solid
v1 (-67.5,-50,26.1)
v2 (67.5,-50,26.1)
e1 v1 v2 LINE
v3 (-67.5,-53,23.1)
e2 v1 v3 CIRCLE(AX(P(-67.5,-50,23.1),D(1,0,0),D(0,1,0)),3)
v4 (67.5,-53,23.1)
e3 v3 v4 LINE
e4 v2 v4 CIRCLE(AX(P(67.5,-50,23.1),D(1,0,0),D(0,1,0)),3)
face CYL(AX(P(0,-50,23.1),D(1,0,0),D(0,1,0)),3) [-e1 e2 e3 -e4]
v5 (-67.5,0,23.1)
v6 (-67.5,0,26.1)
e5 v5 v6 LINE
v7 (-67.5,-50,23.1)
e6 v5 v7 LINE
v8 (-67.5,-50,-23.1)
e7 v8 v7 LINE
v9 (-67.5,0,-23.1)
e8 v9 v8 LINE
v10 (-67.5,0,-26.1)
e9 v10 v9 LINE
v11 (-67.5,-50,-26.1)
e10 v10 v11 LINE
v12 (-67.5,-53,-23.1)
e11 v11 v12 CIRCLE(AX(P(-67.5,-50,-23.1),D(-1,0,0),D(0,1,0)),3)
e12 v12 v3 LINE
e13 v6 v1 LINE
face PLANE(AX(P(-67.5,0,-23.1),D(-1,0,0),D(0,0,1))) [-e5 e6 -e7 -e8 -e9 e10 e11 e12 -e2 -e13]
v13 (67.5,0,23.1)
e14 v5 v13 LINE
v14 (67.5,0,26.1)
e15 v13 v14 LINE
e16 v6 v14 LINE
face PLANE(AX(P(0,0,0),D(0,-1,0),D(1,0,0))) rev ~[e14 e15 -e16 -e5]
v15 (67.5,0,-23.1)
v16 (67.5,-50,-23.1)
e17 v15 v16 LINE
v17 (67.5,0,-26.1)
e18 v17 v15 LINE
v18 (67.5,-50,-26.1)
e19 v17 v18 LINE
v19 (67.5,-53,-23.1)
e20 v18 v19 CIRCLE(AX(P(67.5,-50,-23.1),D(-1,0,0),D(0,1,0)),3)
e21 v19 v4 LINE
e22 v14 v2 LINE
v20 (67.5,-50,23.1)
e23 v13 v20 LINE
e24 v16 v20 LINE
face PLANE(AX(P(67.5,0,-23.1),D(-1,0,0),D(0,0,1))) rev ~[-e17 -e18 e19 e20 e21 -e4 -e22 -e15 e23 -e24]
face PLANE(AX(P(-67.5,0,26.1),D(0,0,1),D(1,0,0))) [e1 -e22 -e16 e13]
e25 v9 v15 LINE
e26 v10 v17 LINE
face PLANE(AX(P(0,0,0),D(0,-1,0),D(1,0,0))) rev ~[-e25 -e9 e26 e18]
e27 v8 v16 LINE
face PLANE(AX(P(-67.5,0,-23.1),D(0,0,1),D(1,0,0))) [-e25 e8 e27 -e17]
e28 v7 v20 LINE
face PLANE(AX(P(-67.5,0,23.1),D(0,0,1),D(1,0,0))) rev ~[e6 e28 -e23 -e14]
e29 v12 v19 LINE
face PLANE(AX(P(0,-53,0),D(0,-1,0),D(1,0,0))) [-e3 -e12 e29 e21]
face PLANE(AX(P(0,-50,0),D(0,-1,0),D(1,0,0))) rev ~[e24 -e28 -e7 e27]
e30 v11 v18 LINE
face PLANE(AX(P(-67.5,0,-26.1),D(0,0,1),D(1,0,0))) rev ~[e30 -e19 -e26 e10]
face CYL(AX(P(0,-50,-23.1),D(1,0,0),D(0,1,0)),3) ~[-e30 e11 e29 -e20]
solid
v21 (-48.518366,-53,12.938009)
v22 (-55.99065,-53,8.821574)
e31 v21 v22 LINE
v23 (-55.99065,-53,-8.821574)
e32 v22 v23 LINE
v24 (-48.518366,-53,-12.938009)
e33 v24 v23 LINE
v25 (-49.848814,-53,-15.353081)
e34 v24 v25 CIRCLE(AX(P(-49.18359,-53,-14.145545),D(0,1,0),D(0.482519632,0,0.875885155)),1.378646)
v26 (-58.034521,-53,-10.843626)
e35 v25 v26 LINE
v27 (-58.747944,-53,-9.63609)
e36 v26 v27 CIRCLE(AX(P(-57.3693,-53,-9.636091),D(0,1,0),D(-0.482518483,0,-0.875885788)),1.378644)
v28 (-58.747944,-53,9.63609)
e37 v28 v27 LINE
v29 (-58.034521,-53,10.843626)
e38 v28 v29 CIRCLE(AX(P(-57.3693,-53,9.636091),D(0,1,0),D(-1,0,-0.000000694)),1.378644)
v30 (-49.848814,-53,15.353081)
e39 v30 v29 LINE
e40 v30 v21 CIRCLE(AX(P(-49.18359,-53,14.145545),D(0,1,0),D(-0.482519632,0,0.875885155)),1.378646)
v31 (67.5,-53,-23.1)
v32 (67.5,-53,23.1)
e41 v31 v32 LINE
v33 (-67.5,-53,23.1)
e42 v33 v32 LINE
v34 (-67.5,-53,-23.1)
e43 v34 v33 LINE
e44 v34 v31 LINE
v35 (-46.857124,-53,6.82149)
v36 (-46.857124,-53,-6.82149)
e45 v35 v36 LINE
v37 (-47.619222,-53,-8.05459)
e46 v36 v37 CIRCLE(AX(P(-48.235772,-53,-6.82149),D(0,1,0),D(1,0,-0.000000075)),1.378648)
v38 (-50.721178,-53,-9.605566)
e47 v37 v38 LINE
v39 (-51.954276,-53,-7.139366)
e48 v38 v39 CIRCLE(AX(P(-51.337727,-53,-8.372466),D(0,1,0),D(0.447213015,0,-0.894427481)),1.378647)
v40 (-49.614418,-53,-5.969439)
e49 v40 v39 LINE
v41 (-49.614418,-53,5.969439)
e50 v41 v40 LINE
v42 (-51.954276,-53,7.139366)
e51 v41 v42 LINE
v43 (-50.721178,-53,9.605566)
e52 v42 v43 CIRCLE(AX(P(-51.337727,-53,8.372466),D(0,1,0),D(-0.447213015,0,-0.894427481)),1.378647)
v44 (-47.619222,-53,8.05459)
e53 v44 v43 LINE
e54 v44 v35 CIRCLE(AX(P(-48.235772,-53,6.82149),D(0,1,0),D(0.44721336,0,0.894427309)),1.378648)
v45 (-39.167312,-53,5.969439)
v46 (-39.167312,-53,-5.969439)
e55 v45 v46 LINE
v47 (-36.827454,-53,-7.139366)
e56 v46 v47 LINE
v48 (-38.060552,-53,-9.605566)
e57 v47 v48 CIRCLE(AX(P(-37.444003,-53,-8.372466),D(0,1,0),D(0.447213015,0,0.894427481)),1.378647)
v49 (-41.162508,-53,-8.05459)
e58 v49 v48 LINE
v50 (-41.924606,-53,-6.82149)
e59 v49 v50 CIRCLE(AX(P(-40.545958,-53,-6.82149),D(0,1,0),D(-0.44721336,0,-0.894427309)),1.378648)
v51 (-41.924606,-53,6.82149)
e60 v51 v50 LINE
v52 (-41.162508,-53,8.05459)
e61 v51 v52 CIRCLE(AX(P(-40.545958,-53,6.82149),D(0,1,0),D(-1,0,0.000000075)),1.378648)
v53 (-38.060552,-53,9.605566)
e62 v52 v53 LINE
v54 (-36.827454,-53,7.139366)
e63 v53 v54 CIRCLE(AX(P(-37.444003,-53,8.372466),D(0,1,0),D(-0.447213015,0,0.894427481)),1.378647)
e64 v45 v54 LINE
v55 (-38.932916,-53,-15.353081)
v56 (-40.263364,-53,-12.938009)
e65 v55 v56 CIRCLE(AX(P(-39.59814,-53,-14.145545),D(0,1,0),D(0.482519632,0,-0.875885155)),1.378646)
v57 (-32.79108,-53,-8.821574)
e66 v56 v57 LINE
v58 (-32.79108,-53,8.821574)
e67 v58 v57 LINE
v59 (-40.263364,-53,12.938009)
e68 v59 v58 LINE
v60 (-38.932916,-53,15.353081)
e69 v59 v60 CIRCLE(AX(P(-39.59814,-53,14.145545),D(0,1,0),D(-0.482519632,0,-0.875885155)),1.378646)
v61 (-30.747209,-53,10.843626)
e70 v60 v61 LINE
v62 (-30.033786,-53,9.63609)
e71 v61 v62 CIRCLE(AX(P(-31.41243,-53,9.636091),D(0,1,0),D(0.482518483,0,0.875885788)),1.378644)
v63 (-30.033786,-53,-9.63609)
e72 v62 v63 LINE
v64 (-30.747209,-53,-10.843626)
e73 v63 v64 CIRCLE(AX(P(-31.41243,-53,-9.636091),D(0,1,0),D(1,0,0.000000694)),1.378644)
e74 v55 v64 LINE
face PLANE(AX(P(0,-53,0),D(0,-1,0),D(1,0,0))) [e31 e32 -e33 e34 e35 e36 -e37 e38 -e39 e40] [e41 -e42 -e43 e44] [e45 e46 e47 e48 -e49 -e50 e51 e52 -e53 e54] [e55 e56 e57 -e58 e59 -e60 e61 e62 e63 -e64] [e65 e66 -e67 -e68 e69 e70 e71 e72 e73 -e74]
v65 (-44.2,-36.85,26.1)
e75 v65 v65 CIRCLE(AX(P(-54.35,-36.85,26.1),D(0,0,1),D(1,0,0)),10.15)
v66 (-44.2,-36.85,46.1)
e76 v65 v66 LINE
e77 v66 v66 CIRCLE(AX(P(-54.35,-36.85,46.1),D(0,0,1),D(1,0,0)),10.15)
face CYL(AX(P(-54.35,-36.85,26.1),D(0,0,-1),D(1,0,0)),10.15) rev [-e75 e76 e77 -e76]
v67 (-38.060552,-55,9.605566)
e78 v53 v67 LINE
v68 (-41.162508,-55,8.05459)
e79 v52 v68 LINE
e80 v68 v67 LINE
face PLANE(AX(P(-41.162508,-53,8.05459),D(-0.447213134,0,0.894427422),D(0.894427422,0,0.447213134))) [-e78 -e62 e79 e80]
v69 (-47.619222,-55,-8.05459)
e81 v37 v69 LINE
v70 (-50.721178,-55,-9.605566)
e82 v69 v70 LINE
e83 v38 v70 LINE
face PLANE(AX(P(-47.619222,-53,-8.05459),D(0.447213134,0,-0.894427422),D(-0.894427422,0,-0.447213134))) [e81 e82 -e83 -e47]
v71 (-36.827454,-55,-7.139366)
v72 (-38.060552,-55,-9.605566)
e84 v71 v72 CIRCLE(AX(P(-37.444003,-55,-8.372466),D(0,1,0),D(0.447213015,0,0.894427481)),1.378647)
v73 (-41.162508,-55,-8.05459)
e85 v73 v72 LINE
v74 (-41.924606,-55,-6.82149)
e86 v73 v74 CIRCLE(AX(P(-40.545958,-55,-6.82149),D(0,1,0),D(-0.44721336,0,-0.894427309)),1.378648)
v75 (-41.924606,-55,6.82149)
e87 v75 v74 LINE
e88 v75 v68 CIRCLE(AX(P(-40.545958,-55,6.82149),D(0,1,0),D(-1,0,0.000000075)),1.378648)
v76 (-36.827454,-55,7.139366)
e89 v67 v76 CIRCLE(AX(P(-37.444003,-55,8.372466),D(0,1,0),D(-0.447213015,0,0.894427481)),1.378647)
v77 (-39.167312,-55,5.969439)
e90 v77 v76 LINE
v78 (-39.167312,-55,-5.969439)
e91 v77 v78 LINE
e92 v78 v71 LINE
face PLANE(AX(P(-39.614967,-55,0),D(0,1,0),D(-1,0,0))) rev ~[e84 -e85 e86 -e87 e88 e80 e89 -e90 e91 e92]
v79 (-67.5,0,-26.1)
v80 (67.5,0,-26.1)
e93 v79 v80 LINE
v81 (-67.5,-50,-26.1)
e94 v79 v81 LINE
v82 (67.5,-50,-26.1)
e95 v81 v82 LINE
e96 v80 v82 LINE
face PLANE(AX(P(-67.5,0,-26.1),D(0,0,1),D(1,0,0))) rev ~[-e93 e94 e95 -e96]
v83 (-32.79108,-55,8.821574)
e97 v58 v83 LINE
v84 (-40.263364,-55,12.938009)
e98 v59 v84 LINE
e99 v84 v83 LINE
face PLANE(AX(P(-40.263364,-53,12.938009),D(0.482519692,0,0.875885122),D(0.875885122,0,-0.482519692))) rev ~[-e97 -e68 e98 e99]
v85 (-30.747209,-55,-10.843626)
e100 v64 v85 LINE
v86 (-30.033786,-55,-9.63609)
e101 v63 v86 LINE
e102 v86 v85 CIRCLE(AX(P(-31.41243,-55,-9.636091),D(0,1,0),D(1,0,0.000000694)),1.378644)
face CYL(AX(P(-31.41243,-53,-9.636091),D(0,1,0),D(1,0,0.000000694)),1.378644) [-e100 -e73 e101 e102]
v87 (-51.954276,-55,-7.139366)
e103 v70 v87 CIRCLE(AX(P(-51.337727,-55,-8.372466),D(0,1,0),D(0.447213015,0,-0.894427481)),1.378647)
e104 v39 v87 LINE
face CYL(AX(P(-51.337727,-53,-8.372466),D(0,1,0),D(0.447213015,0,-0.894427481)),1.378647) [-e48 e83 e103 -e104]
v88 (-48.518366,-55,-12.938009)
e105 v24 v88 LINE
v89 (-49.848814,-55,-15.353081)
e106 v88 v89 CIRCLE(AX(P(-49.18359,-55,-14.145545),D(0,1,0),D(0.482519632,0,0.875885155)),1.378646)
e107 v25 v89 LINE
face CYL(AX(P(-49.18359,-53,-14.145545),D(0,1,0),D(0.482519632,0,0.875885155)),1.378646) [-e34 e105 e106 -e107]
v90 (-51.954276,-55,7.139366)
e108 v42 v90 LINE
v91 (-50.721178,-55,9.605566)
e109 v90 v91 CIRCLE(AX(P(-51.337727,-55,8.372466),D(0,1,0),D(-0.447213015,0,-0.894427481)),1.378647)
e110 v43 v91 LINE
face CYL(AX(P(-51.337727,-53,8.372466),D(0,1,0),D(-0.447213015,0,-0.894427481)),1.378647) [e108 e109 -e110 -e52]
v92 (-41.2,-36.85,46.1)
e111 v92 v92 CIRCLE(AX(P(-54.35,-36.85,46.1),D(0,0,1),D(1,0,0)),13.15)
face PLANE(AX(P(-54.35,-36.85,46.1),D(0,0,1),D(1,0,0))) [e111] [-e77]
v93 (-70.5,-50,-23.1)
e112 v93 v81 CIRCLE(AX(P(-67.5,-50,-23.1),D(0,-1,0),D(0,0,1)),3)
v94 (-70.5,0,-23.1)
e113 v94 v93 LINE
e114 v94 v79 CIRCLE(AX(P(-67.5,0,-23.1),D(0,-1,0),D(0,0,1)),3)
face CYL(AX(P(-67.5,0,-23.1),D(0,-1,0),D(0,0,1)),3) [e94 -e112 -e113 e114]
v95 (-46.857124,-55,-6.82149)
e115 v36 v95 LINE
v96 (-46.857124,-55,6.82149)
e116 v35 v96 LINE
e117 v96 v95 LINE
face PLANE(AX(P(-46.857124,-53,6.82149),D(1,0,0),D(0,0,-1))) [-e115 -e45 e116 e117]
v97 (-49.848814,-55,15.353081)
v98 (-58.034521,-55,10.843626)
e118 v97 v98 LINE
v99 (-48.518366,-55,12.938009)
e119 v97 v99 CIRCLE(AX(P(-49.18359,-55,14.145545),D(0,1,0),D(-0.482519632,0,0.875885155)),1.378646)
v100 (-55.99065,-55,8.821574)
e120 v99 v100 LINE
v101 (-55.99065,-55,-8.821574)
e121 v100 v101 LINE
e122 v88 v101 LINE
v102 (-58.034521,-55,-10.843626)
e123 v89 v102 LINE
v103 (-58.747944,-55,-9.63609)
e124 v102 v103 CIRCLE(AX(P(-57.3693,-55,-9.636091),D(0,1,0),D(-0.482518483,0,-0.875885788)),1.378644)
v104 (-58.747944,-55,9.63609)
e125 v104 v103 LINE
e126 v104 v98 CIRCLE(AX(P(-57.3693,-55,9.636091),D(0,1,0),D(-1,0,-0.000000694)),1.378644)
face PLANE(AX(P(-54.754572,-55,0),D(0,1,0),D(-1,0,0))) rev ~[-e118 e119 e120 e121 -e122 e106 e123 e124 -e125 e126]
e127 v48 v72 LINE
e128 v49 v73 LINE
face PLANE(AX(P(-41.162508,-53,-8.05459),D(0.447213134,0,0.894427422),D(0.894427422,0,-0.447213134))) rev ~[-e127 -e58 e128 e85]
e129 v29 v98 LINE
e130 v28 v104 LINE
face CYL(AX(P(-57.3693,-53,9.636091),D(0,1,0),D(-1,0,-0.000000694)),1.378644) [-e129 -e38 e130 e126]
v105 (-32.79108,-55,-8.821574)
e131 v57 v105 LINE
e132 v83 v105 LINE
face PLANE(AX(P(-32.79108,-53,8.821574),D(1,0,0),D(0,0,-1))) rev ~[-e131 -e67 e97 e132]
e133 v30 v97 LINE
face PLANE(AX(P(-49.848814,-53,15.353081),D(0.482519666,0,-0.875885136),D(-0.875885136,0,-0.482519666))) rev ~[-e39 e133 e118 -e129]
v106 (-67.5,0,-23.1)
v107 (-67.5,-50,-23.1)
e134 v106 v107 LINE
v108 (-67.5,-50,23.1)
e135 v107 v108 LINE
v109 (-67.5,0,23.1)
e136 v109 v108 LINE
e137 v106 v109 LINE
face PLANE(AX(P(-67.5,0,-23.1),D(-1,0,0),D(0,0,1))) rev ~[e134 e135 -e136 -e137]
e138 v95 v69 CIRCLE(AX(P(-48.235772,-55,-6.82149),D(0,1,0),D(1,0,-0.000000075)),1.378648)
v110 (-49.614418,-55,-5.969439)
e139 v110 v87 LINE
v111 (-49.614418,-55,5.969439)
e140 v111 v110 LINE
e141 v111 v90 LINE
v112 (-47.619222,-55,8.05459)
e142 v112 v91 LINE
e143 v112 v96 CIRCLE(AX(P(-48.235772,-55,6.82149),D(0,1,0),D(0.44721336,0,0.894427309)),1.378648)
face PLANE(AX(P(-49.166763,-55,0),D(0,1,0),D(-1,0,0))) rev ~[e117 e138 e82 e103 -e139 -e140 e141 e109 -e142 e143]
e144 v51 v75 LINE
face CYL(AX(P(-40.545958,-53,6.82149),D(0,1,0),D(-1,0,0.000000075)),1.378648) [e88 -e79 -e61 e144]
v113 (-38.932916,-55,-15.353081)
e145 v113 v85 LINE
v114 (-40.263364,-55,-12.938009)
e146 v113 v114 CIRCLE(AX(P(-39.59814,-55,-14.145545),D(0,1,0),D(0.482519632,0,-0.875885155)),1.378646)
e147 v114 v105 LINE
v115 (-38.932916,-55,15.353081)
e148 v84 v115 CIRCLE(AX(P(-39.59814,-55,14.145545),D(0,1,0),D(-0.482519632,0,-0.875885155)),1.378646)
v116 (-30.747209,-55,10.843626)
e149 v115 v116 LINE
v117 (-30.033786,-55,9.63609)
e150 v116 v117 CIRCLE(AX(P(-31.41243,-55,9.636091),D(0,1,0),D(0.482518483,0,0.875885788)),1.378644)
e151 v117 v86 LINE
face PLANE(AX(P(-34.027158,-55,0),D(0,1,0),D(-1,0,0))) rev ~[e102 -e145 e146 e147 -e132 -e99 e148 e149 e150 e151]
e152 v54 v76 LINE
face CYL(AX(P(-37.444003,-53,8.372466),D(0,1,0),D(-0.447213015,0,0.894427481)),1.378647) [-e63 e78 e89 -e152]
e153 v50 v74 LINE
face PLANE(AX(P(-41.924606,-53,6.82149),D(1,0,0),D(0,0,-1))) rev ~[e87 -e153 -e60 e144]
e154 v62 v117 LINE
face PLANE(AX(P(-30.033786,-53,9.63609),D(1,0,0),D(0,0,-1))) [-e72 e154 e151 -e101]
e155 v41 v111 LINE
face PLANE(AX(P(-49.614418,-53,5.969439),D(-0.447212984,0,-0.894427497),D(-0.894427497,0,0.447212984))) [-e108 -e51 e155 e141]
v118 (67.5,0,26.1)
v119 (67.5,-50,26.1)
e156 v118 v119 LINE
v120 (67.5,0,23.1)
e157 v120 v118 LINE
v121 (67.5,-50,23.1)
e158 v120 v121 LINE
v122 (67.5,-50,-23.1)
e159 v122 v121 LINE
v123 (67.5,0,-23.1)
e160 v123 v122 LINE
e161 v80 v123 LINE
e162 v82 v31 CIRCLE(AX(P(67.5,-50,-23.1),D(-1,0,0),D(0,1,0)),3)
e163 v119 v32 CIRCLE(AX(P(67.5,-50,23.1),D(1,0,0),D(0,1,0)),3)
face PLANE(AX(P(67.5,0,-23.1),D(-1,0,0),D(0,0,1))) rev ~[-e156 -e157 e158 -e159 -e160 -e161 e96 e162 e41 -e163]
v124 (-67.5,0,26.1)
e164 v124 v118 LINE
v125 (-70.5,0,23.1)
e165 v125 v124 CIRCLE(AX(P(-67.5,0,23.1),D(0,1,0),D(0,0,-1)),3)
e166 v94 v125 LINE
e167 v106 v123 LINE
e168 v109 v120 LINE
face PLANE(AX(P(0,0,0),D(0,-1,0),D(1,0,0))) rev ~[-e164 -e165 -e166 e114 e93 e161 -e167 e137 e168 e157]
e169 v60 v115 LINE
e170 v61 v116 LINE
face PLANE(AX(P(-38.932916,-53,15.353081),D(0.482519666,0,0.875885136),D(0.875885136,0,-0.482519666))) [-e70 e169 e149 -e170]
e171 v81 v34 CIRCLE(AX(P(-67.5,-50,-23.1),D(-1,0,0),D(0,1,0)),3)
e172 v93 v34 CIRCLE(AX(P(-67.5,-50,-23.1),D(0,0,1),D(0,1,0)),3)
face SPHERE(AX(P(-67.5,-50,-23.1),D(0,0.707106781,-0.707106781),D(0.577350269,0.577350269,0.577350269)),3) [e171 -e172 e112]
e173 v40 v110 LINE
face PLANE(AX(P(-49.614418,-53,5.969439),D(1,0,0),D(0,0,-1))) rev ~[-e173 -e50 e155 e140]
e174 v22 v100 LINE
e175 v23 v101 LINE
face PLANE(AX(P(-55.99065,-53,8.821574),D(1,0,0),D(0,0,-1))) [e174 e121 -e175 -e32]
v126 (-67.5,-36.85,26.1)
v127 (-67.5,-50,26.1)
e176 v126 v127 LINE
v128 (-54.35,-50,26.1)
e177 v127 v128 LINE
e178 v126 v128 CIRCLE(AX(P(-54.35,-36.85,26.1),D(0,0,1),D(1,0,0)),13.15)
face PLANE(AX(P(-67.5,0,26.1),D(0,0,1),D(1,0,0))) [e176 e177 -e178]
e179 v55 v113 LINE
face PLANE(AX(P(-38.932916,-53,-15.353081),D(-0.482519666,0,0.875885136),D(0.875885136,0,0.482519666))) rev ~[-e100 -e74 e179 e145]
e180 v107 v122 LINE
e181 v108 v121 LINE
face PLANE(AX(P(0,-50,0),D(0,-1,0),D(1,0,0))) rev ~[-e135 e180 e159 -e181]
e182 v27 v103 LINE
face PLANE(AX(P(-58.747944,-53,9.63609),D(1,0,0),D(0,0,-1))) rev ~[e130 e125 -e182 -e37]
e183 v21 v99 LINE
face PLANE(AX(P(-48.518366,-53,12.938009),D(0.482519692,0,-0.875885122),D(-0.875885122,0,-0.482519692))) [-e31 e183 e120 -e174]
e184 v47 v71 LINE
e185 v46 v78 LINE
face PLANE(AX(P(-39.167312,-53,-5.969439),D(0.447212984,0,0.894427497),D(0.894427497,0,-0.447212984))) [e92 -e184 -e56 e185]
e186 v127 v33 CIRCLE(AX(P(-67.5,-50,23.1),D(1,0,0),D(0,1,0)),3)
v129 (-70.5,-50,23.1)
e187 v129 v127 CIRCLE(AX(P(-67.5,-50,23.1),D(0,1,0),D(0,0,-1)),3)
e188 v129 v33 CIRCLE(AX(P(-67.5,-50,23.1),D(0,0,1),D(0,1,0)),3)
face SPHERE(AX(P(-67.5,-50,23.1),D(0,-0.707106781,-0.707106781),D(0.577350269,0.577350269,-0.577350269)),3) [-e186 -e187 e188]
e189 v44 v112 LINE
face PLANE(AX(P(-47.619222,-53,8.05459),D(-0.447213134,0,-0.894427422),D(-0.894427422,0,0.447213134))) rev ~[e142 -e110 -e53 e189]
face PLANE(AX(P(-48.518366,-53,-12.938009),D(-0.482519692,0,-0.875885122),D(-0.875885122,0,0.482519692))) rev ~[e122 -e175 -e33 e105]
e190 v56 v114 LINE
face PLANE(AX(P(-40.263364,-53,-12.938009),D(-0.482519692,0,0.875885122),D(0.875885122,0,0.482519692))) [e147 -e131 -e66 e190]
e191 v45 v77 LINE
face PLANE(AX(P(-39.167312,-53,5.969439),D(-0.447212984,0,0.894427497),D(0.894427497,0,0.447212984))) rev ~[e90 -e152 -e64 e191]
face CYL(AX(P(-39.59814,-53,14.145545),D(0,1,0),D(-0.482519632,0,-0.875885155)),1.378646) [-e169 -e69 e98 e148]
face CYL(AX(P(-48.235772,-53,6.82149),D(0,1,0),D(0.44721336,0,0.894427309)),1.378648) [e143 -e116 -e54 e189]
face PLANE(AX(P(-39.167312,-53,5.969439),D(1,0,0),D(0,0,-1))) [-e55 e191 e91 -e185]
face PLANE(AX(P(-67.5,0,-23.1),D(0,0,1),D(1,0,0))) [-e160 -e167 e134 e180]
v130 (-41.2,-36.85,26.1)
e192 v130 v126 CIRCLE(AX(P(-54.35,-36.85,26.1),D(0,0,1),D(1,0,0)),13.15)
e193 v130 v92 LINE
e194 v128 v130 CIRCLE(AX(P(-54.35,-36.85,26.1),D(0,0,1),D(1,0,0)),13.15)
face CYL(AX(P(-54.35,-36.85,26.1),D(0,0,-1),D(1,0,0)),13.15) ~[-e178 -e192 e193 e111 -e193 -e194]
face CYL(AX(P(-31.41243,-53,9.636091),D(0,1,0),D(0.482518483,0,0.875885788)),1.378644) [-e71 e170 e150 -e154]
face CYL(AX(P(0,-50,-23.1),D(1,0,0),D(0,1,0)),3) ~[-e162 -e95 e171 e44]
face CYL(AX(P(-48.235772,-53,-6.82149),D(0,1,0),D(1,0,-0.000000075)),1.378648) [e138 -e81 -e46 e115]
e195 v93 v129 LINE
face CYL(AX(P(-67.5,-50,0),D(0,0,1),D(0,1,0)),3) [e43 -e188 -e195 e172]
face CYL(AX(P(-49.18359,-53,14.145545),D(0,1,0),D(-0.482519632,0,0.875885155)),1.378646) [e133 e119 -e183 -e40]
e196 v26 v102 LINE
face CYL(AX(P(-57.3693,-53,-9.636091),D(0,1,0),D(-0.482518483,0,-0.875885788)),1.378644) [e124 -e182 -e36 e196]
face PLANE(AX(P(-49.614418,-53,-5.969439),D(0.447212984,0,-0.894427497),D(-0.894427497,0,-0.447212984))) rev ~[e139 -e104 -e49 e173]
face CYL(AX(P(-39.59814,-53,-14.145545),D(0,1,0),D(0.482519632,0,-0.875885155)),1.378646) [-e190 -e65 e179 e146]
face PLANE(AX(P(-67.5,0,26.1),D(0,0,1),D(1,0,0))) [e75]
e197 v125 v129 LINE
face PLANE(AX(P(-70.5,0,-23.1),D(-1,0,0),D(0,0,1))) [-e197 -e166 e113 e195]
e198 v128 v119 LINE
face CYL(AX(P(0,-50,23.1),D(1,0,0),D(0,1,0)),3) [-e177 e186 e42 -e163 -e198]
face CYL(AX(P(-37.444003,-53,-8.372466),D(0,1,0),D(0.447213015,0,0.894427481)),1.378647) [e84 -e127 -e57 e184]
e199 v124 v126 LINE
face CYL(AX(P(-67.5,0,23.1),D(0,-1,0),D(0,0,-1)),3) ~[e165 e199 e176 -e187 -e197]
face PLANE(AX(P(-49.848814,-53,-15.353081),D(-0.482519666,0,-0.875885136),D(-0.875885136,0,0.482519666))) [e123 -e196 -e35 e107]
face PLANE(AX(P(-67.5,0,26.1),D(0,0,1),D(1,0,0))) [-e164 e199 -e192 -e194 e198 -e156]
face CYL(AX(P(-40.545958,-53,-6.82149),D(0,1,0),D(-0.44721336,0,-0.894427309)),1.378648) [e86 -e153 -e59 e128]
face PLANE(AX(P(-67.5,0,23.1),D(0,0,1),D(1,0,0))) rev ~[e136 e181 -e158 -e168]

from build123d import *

# Parameters (mm, degrees)
SKETCH_W       = 135
SKETCH_H       = 46.2
PAD_DEPTH      = 50
THICKNESS_T    = 3
SKETCH001_R    = 13.15
SKETCH001_R_2  = 10.15
PAD001_DEPTH   = 20
PAD002_DEPTH   = 2
SKETCH003_W    = 135
SKETCH003_H    = 46.2
PAD003_DEPTH   = 50
THICKNESS001_T = 3


with BuildPart() as left_section:
    # Sketch → Pad (new body)
    with BuildSketch(Plane.XZ):
        Rectangle(SKETCH_W, SKETCH_H)
    extrude(amount=PAD_DEPTH)

    # Thickness
    thickness_openings = [left_section.faces().sort_by_distance(p)[0] for p in [
        (67.5, -25, 0),
        (0, 0, 0),
    ]]
    offset(amount=THICKNESS_T, openings=thickness_openings)

    # Sketch001 (on Face9 of Thickness) → Pad001 (join)
    with BuildSketch(Plane.XY.offset(26.1)):
        with Locations((-54.35, -36.85)):
            Circle(SKETCH001_R)
        with Locations((-54.35, -36.85)):
            Circle(SKETCH001_R_2, mode=Mode.SUBTRACT)
    extrude(amount=PAD001_DEPTH)

    # Sketch002 (on Face13 of Pad001) → Pad002 (join)
    with BuildSketch(Plane.XZ.offset(53)):
        with BuildLine():
            ThreePointArc((-50.721178, -9.605566), (-52.570827, -8.989015), (-51.954276, -7.139366))
            Line((-49.614418, -5.969439), (-51.954276, -7.139366))
            Line((-49.614418, 5.969439), (-49.614418, -5.969439))
            Line((-49.614418, 5.969439), (-51.954276, 7.139366))
            ThreePointArc((-51.954276, 7.139366), (-52.570827, 8.989015), (-50.721178, 9.605566))
            Line((-47.619222, 8.05459), (-50.721178, 9.605566))
            ThreePointArc((-47.619222, 8.05459), (-47.063024, 7.546288), (-46.857124, 6.82149))
            Line((-46.857124, 6.82149), (-46.857124, -6.82149))
            ThreePointArc((-46.857124, -6.82149), (-47.063024, -7.546288), (-47.619222, -8.05459))
            Line((-47.619222, -8.05459), (-50.721178, -9.605566))
        make_face()
        with BuildLine():
            ThreePointArc((-48.518366, -12.938009), (-47.976054, -14.810769), (-49.848814, -15.353081))
            Line((-49.848814, -15.353081), (-58.034521, -10.843626))
            ThreePointArc((-58.034521, -10.843626), (-58.556263, -10.33736), (-58.747944, -9.63609))
            Line((-58.747944, 9.63609), (-58.747944, -9.63609))
            ThreePointArc((-58.747944, 9.63609), (-58.556263, 10.33736), (-58.034521, 10.843626))
            Line((-49.848814, 15.353081), (-58.034521, 10.843626))
            ThreePointArc((-49.848814, 15.353081), (-47.976054, 14.810769), (-48.518366, 12.938009))
            Line((-48.518366, 12.938009), (-55.99065, 8.821574))
            Line((-55.99065, 8.821574), (-55.99065, -8.821574))
            Line((-48.518366, -12.938009), (-55.99065, -8.821574))
        make_face()
        with BuildLine():
            ThreePointArc((-36.827454, -7.139366), (-36.210903, -8.989015), (-38.060552, -9.605566))
            Line((-41.162508, -8.05459), (-38.060552, -9.605566))
            ThreePointArc((-41.162508, -8.05459), (-41.718706, -7.546288), (-41.924606, -6.82149))
            Line((-41.924606, 6.82149), (-41.924606, -6.82149))
            ThreePointArc((-41.924606, 6.82149), (-41.718706, 7.546288), (-41.162508, 8.05459))
            Line((-41.162508, 8.05459), (-38.060552, 9.605566))
            ThreePointArc((-38.060552, 9.605566), (-36.210903, 8.989015), (-36.827454, 7.139366))
            Line((-39.167312, 5.969439), (-36.827454, 7.139366))
            Line((-39.167312, 5.969439), (-39.167312, -5.969439))
            Line((-39.167312, -5.969439), (-36.827454, -7.139366))
        make_face()
        with BuildLine():
            ThreePointArc((-38.932916, -15.353081), (-40.805676, -14.810769), (-40.263364, -12.938009))
            Line((-40.263364, -12.938009), (-32.79108, -8.821574))
            Line((-32.79108, 8.821574), (-32.79108, -8.821574))
            Line((-40.263364, 12.938009), (-32.79108, 8.821574))
            ThreePointArc((-40.263364, 12.938009), (-40.805676, 14.810769), (-38.932916, 15.353081))
            Line((-38.932916, 15.353081), (-30.747209, 10.843626))
            ThreePointArc((-30.747209, 10.843626), (-30.225467, 10.33736), (-30.033786, 9.63609))
            Line((-30.033786, 9.63609), (-30.033786, -9.63609))
            ThreePointArc((-30.033786, -9.63609), (-30.225467, -10.33736), (-30.747209, -10.843626))
            Line((-38.932916, -15.353081), (-30.747209, -10.843626))
        make_face()
    extrude(amount=PAD002_DEPTH)


with BuildPart() as mid_section:
    # Sketch003 → Pad003 (new body)
    with BuildSketch(Plane.XZ):
        Rectangle(SKETCH003_W, SKETCH003_H)
    extrude(amount=PAD003_DEPTH)

    # Thickness001
    thickness001_openings = [mid_section.faces().sort_by_distance(p)[0] for p in [
        (67.5, -25, 0),
        (0, 0, 0),
        (-67.5, -25, 0),
    ]]
    offset(amount=THICKNESS001_T, openings=thickness001_openings)


solid = Compound([left_section.part, mid_section.part])
